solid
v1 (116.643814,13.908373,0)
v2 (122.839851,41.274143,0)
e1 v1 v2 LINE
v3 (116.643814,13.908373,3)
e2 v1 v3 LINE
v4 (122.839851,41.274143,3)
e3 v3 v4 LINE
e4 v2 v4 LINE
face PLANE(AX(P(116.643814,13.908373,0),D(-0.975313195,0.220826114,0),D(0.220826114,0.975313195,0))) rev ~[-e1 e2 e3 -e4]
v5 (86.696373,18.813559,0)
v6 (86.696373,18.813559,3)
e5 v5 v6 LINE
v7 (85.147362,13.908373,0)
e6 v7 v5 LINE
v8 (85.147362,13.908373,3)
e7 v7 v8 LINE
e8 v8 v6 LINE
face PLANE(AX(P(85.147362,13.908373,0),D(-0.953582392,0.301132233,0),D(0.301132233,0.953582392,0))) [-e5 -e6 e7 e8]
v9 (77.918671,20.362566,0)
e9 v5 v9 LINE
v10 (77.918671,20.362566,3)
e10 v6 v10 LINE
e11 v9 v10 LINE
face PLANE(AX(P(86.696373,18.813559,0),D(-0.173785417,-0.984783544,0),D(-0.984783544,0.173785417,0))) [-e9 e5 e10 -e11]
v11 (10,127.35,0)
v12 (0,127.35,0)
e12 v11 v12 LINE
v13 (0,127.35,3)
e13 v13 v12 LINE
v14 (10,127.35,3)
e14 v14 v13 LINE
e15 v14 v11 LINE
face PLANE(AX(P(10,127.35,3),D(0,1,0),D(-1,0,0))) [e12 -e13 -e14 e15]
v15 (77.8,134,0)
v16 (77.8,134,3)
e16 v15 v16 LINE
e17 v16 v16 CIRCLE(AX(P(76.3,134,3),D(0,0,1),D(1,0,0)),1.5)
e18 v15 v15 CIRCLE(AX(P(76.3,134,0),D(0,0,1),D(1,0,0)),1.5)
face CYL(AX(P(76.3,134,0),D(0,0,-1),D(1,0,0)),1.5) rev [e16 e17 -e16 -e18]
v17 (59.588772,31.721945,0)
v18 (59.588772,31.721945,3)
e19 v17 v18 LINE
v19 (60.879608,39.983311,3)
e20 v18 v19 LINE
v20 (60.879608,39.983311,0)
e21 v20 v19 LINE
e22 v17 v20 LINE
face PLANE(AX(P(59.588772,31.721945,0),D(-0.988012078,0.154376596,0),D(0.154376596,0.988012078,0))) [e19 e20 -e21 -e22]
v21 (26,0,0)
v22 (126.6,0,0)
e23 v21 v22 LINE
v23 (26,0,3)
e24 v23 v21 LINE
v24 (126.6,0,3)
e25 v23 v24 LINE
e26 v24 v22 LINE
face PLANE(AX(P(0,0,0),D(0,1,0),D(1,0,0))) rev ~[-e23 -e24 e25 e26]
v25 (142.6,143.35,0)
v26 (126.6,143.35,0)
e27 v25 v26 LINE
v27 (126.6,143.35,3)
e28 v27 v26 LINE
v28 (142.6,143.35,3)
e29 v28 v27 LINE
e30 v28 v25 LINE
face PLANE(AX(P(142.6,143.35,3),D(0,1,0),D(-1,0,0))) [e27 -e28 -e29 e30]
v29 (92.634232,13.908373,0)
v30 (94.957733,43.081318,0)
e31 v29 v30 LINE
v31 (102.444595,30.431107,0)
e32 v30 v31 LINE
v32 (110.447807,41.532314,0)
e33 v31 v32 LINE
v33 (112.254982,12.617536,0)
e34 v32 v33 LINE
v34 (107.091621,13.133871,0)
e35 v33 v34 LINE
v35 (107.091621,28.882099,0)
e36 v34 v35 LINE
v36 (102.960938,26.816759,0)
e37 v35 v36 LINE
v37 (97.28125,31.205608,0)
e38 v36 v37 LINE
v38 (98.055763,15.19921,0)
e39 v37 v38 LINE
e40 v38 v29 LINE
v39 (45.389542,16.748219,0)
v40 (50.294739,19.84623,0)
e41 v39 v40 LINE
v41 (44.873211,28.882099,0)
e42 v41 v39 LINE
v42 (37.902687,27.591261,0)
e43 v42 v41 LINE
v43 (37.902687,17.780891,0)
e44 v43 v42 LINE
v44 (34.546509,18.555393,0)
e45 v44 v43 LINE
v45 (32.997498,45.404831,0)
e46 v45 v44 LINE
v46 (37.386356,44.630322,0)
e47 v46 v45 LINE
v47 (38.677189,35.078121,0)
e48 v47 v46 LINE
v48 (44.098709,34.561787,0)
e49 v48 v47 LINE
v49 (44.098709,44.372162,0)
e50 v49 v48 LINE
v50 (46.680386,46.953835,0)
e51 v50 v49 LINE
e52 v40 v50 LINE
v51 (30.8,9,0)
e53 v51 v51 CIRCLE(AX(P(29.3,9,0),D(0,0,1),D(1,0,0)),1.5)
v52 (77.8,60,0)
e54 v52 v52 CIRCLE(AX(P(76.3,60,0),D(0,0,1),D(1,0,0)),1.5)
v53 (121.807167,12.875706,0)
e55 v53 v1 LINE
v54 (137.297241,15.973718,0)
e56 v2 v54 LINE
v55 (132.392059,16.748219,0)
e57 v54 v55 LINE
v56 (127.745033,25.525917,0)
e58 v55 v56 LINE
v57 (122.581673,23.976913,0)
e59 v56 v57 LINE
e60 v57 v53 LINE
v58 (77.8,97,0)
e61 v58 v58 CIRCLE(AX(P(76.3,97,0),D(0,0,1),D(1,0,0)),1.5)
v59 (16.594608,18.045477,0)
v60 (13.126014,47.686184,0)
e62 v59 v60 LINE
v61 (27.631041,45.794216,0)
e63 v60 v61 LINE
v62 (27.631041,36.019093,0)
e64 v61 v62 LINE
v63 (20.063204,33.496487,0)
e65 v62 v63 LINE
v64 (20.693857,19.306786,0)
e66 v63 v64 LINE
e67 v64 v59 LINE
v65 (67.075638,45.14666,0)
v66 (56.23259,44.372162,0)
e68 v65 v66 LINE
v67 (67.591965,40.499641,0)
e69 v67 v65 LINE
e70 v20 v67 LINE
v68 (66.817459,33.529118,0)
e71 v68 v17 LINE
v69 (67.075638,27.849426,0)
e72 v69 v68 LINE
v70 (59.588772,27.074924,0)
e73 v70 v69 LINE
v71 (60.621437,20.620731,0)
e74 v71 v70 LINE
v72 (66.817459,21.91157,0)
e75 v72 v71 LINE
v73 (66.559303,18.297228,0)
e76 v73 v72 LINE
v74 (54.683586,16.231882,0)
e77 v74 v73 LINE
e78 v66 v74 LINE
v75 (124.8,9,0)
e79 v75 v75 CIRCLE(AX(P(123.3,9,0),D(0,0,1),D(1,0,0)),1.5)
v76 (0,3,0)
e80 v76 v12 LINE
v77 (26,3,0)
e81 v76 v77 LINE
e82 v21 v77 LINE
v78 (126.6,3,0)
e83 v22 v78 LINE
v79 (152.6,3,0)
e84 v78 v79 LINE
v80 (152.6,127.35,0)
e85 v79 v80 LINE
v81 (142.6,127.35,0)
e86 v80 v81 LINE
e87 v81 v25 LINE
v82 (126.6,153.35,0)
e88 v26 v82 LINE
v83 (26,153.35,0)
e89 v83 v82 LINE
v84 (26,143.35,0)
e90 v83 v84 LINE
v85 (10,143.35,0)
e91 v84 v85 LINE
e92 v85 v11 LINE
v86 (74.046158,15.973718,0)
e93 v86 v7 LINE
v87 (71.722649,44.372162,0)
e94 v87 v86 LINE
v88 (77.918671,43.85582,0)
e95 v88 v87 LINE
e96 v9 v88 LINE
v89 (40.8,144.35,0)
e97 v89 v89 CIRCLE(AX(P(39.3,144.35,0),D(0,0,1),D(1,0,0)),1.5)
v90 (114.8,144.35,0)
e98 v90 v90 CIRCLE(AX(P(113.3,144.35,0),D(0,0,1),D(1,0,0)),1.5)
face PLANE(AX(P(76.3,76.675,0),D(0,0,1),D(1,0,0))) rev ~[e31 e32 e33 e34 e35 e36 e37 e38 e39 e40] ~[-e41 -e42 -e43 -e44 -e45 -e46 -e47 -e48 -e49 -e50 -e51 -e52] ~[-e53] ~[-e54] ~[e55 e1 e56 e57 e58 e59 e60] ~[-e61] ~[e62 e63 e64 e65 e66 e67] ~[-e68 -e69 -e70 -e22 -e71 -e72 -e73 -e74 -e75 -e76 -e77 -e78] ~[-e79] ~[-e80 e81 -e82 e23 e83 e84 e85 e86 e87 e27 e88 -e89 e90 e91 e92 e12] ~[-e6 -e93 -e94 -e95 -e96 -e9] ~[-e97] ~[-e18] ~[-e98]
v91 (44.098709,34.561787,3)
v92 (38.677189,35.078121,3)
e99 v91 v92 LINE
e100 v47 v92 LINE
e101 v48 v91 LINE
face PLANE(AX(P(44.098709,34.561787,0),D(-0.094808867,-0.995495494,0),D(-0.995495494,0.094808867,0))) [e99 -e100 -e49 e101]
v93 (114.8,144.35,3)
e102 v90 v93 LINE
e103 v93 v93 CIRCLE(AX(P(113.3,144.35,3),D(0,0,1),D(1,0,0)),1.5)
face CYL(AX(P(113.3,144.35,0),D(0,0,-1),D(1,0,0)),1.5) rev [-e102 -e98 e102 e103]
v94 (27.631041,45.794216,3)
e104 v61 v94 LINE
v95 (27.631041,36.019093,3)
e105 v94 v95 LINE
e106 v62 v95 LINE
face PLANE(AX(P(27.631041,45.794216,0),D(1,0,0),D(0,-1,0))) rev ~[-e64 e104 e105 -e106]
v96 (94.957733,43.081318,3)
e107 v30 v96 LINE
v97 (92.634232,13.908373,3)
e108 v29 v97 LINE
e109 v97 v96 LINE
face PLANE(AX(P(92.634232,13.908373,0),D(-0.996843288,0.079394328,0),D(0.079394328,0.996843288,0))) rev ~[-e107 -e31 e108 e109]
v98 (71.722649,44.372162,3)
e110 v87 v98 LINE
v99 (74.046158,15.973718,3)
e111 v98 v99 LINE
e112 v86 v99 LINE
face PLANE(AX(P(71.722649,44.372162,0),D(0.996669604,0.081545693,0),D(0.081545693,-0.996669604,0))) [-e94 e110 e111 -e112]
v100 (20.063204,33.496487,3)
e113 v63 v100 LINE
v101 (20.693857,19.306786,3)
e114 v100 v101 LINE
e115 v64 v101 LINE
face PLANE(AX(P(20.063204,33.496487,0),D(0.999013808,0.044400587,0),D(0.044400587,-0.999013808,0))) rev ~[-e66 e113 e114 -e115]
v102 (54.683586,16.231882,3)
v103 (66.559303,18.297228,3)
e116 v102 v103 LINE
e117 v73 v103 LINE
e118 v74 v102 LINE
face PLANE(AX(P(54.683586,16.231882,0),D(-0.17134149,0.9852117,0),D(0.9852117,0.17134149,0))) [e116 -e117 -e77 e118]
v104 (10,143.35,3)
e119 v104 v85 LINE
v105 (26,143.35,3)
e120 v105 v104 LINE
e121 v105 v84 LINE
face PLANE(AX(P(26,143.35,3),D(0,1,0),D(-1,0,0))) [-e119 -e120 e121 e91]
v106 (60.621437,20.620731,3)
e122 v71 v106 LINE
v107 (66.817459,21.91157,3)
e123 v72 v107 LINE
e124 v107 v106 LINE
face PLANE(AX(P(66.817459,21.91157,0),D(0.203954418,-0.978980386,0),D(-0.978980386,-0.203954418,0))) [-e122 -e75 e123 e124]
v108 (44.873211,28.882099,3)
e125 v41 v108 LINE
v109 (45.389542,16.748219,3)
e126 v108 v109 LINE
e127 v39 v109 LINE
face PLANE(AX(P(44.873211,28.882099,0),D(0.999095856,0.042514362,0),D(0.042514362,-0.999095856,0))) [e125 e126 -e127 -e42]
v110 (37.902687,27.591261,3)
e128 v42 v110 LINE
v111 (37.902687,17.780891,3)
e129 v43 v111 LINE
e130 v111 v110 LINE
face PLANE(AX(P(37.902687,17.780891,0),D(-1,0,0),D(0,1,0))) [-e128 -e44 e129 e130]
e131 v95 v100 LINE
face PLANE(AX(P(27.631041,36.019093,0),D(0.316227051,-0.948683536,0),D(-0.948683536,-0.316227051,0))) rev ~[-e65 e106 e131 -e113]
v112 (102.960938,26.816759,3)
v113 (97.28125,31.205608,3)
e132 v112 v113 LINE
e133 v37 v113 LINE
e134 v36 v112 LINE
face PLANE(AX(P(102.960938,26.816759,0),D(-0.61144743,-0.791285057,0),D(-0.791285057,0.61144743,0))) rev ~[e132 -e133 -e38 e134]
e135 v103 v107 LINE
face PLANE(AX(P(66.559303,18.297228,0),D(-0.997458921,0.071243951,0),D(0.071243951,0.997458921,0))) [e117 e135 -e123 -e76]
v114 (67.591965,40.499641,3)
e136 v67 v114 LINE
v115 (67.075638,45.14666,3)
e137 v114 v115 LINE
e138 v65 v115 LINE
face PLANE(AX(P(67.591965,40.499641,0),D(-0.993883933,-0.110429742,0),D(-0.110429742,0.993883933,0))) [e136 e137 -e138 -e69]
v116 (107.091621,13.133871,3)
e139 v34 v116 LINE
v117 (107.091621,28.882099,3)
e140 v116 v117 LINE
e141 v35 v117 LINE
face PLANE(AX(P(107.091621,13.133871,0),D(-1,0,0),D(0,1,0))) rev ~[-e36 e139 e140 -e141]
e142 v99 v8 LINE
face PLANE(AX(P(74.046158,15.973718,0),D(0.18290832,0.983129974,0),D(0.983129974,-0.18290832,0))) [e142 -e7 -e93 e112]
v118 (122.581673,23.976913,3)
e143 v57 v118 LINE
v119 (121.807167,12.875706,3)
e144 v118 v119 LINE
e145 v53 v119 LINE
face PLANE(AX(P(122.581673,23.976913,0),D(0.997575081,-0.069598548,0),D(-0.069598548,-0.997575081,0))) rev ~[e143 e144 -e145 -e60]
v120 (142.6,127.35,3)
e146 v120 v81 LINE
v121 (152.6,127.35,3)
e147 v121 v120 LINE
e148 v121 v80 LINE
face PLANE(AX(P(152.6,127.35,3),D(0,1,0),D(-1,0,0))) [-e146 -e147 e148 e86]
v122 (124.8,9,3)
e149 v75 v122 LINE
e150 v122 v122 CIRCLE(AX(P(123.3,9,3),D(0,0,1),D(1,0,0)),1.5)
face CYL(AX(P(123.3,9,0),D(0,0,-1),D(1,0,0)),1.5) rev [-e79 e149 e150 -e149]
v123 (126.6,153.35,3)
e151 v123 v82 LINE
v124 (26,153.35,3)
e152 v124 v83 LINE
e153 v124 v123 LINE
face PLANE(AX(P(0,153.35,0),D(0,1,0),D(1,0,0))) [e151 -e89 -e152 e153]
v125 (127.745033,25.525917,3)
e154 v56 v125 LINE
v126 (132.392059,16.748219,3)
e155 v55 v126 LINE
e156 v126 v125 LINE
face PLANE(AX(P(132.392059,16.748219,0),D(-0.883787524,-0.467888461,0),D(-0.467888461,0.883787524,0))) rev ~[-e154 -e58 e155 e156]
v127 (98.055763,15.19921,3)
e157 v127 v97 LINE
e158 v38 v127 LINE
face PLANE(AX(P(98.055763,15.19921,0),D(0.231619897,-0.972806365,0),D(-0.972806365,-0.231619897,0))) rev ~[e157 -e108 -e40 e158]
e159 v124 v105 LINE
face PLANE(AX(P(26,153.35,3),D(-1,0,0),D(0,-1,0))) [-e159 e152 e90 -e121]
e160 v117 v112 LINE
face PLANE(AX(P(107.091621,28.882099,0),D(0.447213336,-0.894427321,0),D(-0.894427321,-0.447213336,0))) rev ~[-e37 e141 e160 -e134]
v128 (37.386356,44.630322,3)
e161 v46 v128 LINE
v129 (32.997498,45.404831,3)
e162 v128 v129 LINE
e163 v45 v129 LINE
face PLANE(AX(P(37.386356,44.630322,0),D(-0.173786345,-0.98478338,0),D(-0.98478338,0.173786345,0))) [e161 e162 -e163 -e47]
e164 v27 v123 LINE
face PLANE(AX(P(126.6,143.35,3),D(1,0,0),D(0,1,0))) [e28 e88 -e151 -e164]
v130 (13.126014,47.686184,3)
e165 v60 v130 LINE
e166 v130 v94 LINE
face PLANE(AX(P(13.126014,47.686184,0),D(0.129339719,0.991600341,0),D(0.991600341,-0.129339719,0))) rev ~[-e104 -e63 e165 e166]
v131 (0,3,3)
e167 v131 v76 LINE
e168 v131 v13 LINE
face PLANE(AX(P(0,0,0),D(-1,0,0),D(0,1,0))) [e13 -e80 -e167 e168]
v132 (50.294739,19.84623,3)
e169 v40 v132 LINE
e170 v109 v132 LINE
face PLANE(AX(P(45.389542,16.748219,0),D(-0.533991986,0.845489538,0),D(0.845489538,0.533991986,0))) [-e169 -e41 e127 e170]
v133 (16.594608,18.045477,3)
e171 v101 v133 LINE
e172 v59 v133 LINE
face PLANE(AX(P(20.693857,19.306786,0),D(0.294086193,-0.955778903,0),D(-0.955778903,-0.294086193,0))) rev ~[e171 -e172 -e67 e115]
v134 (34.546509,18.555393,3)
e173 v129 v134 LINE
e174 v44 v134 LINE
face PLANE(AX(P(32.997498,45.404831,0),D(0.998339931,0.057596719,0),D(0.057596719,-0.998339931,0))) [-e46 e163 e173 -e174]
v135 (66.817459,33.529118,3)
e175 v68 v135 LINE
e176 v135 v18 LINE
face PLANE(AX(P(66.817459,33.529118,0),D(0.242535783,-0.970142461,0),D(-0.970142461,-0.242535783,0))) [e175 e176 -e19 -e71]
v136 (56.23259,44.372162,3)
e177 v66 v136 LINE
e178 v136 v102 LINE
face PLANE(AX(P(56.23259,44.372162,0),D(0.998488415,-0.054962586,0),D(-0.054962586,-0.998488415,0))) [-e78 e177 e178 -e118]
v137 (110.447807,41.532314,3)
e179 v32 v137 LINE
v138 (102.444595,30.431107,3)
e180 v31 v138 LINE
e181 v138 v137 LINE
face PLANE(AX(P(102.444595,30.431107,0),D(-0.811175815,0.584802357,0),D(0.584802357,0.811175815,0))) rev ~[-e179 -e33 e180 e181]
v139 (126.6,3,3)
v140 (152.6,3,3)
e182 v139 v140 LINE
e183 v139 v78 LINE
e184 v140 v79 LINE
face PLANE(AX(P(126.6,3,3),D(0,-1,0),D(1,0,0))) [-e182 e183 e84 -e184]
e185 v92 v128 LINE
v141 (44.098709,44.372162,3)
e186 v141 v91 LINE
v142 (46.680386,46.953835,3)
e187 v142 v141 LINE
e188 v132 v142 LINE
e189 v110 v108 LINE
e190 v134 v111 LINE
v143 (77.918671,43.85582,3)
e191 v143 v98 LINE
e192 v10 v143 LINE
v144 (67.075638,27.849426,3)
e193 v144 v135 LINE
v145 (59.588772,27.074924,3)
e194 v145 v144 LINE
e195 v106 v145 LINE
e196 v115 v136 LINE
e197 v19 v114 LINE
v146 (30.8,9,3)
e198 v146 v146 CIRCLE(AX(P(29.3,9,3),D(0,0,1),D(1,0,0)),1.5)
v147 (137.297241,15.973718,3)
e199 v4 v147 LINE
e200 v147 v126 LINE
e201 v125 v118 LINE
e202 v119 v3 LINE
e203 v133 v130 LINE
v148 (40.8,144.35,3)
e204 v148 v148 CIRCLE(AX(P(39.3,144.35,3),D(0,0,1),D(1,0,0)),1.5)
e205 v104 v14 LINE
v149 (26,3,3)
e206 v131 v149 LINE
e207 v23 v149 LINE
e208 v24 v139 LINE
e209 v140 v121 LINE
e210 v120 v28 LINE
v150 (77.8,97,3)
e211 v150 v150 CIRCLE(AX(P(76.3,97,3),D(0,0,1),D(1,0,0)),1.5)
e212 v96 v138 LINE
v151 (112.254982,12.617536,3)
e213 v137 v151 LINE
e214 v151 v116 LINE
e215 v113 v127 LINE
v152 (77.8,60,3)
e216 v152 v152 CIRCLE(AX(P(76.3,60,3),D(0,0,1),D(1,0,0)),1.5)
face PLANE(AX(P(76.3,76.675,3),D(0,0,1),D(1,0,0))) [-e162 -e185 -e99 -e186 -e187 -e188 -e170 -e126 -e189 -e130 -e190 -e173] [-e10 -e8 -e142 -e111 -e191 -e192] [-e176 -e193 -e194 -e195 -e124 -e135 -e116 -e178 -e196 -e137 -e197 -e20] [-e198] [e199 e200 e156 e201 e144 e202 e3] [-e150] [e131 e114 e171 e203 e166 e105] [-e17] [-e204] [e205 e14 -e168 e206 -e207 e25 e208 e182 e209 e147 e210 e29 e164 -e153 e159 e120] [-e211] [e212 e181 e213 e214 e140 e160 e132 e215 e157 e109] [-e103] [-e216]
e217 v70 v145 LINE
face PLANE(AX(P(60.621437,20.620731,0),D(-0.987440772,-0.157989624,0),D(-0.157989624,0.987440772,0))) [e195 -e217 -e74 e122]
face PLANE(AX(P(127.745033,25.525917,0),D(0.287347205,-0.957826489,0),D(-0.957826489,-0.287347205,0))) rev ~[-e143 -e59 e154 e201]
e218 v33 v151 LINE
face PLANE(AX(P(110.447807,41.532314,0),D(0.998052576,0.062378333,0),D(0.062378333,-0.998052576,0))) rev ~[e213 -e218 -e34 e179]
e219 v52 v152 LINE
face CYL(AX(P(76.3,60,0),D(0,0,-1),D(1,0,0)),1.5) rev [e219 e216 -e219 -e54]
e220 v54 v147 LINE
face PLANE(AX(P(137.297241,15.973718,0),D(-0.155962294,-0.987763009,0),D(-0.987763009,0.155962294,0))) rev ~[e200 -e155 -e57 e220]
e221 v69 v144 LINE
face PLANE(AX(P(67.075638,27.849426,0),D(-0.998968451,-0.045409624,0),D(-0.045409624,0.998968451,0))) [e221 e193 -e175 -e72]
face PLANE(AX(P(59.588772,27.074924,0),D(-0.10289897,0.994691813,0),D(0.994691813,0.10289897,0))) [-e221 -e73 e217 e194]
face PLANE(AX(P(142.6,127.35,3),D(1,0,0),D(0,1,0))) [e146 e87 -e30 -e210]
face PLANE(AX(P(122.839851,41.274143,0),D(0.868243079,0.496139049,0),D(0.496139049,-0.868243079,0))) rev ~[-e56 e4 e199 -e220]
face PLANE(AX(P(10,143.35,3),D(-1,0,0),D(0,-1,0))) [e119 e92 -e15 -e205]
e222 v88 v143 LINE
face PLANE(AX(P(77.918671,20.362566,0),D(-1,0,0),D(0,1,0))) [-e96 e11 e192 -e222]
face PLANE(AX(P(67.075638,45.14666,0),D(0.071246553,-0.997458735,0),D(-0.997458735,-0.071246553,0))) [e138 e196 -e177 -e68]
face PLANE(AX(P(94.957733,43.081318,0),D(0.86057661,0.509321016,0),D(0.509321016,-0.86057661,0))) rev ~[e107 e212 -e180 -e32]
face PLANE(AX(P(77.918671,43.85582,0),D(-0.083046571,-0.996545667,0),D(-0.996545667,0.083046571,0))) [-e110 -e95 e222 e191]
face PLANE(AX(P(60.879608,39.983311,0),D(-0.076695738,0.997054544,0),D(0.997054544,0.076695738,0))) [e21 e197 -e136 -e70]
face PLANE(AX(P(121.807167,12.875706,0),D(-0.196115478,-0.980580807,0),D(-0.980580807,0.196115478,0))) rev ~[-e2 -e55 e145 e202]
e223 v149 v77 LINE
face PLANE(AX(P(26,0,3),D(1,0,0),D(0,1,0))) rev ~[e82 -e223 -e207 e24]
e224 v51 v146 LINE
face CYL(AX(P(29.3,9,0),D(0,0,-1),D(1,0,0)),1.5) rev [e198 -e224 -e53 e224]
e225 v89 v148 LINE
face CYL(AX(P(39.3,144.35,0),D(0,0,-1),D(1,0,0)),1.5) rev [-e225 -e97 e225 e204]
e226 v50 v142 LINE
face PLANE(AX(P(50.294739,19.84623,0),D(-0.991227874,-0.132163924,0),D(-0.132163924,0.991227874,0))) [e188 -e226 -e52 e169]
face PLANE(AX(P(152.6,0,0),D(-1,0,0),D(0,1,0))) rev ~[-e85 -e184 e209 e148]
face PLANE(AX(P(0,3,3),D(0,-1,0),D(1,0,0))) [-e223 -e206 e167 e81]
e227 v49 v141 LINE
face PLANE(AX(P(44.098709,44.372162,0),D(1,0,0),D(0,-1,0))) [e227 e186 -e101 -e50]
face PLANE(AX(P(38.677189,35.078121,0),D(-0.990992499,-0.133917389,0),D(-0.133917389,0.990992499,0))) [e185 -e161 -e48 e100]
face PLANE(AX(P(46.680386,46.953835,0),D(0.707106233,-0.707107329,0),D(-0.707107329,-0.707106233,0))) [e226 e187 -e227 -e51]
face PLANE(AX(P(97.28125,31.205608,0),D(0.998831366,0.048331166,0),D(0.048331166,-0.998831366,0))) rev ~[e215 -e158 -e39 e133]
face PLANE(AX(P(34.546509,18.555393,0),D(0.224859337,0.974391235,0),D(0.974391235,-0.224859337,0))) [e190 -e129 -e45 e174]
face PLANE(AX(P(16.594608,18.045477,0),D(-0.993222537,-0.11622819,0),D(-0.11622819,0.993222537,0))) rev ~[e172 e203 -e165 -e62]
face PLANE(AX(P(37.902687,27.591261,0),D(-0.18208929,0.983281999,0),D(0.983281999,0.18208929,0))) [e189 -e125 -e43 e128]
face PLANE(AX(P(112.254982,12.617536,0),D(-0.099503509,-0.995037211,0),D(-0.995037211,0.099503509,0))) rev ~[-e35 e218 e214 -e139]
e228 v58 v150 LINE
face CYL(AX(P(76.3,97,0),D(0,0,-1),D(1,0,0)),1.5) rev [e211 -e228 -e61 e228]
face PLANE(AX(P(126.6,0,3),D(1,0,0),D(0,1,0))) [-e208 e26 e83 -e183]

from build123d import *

# Parameters (mm, degrees)
SKETCH_W     = 152.6
SKETCH_H     = 153.35
SKETCH_R     = 1.5
PAD_DEPTH    = 3
SKETCH001_W  = 26
SKETCH001_H  = 3
POCKET_DEPTH = 3.001


with BuildPart() as part:
    # Sketch → Pad (new body)
    with BuildSketch(Plane.XY):
        with Locations((76.3, 76.675)):
            Rectangle(SKETCH_W, SKETCH_H)
        with Locations((76.3, 60)):
            Circle(SKETCH_R, mode=Mode.SUBTRACT)
        with Locations((76.3, 97)):
            Circle(SKETCH_R, mode=Mode.SUBTRACT)
        with Locations((76.3, 134)):
            Circle(SKETCH_R, mode=Mode.SUBTRACT)
        with Locations((29.3, 9)):
            Circle(SKETCH_R, mode=Mode.SUBTRACT)
        with Locations((123.3, 9)):
            Circle(SKETCH_R, mode=Mode.SUBTRACT)
        with Locations((39.3, 144.35)):
            Circle(SKETCH_R, mode=Mode.SUBTRACT)
        with Locations((113.3, 144.35)):
            Circle(SKETCH_R, mode=Mode.SUBTRACT)
        Polygon((16.594608, 18.045477), (13.126014, 47.686184), (27.631041, 45.794216), (27.631041, 36.019093), (20.063204, 33.496487), (20.693857, 19.306786), align=None, mode=Mode.SUBTRACT)
        Polygon((32.997498, 45.404831), (34.546509, 18.555393), (37.902687, 17.780891), (37.902687, 27.591261), (44.873211, 28.882099), (45.389542, 16.748219), (50.294739, 19.84623), (46.680386, 46.953835), (44.098709, 44.372162), (44.098709, 34.561787), (38.677189, 35.078121), (37.386356, 44.630322), align=None, mode=Mode.SUBTRACT)
        Polygon((56.23259, 44.372162), (54.683586, 16.231882), (66.559303, 18.297228), (66.817459, 21.91157), (60.621437, 20.620731), (59.588772, 27.074924), (67.075638, 27.849426), (66.817459, 33.529118), (59.588772, 31.721945), (60.879608, 39.983311), (67.591965, 40.499641), (67.075638, 45.14666), align=None, mode=Mode.SUBTRACT)
        Polygon((71.722649, 44.372162), (74.046158, 15.973718), (85.147362, 13.908373), (86.696373, 18.813559), (77.918671, 20.362566), (77.918671, 43.85582), align=None, mode=Mode.SUBTRACT)
        Polygon((92.634232, 13.908373), (94.957733, 43.081318), (102.444595, 30.431107), (110.447807, 41.532314), (112.254982, 12.617536), (107.091621, 13.133871), (107.091621, 28.882099), (102.960938, 26.816759), (97.28125, 31.205608), (98.055763, 15.19921), align=None, mode=Mode.SUBTRACT)
        Polygon((116.643814, 13.908373), (122.839851, 41.274143), (137.297241, 15.973718), (132.392059, 16.748219), (127.745033, 25.525917), (122.581673, 23.976913), (121.807167, 12.875706), align=None, mode=Mode.SUBTRACT)
    extrude(amount=PAD_DEPTH)

    # Sketch001 → Pocket (cut, through all)
    with BuildSketch(Plane.XY.offset(3)):
        Polygon((0, 153.35), (26, 153.35), (26, 143.35), (10, 143.35), (10, 127.35), (0, 127.35), (0, 146.35), align=None)
        with Locations((13, 1.5)):
            Rectangle(SKETCH001_W, SKETCH001_H)
        Polygon((126.6, 153.35), (152.6, 153.35), (152.6, 146.35), (152.6, 127.35), (142.6, 127.35), (142.6, 143.35), (126.6, 143.35), align=None)
        with Locations((139.6, 1.5)):
            Rectangle(SKETCH001_W, SKETCH001_H)
    extrude(amount=-POCKET_DEPTH, mode=Mode.SUBTRACT)


solid = part.part
